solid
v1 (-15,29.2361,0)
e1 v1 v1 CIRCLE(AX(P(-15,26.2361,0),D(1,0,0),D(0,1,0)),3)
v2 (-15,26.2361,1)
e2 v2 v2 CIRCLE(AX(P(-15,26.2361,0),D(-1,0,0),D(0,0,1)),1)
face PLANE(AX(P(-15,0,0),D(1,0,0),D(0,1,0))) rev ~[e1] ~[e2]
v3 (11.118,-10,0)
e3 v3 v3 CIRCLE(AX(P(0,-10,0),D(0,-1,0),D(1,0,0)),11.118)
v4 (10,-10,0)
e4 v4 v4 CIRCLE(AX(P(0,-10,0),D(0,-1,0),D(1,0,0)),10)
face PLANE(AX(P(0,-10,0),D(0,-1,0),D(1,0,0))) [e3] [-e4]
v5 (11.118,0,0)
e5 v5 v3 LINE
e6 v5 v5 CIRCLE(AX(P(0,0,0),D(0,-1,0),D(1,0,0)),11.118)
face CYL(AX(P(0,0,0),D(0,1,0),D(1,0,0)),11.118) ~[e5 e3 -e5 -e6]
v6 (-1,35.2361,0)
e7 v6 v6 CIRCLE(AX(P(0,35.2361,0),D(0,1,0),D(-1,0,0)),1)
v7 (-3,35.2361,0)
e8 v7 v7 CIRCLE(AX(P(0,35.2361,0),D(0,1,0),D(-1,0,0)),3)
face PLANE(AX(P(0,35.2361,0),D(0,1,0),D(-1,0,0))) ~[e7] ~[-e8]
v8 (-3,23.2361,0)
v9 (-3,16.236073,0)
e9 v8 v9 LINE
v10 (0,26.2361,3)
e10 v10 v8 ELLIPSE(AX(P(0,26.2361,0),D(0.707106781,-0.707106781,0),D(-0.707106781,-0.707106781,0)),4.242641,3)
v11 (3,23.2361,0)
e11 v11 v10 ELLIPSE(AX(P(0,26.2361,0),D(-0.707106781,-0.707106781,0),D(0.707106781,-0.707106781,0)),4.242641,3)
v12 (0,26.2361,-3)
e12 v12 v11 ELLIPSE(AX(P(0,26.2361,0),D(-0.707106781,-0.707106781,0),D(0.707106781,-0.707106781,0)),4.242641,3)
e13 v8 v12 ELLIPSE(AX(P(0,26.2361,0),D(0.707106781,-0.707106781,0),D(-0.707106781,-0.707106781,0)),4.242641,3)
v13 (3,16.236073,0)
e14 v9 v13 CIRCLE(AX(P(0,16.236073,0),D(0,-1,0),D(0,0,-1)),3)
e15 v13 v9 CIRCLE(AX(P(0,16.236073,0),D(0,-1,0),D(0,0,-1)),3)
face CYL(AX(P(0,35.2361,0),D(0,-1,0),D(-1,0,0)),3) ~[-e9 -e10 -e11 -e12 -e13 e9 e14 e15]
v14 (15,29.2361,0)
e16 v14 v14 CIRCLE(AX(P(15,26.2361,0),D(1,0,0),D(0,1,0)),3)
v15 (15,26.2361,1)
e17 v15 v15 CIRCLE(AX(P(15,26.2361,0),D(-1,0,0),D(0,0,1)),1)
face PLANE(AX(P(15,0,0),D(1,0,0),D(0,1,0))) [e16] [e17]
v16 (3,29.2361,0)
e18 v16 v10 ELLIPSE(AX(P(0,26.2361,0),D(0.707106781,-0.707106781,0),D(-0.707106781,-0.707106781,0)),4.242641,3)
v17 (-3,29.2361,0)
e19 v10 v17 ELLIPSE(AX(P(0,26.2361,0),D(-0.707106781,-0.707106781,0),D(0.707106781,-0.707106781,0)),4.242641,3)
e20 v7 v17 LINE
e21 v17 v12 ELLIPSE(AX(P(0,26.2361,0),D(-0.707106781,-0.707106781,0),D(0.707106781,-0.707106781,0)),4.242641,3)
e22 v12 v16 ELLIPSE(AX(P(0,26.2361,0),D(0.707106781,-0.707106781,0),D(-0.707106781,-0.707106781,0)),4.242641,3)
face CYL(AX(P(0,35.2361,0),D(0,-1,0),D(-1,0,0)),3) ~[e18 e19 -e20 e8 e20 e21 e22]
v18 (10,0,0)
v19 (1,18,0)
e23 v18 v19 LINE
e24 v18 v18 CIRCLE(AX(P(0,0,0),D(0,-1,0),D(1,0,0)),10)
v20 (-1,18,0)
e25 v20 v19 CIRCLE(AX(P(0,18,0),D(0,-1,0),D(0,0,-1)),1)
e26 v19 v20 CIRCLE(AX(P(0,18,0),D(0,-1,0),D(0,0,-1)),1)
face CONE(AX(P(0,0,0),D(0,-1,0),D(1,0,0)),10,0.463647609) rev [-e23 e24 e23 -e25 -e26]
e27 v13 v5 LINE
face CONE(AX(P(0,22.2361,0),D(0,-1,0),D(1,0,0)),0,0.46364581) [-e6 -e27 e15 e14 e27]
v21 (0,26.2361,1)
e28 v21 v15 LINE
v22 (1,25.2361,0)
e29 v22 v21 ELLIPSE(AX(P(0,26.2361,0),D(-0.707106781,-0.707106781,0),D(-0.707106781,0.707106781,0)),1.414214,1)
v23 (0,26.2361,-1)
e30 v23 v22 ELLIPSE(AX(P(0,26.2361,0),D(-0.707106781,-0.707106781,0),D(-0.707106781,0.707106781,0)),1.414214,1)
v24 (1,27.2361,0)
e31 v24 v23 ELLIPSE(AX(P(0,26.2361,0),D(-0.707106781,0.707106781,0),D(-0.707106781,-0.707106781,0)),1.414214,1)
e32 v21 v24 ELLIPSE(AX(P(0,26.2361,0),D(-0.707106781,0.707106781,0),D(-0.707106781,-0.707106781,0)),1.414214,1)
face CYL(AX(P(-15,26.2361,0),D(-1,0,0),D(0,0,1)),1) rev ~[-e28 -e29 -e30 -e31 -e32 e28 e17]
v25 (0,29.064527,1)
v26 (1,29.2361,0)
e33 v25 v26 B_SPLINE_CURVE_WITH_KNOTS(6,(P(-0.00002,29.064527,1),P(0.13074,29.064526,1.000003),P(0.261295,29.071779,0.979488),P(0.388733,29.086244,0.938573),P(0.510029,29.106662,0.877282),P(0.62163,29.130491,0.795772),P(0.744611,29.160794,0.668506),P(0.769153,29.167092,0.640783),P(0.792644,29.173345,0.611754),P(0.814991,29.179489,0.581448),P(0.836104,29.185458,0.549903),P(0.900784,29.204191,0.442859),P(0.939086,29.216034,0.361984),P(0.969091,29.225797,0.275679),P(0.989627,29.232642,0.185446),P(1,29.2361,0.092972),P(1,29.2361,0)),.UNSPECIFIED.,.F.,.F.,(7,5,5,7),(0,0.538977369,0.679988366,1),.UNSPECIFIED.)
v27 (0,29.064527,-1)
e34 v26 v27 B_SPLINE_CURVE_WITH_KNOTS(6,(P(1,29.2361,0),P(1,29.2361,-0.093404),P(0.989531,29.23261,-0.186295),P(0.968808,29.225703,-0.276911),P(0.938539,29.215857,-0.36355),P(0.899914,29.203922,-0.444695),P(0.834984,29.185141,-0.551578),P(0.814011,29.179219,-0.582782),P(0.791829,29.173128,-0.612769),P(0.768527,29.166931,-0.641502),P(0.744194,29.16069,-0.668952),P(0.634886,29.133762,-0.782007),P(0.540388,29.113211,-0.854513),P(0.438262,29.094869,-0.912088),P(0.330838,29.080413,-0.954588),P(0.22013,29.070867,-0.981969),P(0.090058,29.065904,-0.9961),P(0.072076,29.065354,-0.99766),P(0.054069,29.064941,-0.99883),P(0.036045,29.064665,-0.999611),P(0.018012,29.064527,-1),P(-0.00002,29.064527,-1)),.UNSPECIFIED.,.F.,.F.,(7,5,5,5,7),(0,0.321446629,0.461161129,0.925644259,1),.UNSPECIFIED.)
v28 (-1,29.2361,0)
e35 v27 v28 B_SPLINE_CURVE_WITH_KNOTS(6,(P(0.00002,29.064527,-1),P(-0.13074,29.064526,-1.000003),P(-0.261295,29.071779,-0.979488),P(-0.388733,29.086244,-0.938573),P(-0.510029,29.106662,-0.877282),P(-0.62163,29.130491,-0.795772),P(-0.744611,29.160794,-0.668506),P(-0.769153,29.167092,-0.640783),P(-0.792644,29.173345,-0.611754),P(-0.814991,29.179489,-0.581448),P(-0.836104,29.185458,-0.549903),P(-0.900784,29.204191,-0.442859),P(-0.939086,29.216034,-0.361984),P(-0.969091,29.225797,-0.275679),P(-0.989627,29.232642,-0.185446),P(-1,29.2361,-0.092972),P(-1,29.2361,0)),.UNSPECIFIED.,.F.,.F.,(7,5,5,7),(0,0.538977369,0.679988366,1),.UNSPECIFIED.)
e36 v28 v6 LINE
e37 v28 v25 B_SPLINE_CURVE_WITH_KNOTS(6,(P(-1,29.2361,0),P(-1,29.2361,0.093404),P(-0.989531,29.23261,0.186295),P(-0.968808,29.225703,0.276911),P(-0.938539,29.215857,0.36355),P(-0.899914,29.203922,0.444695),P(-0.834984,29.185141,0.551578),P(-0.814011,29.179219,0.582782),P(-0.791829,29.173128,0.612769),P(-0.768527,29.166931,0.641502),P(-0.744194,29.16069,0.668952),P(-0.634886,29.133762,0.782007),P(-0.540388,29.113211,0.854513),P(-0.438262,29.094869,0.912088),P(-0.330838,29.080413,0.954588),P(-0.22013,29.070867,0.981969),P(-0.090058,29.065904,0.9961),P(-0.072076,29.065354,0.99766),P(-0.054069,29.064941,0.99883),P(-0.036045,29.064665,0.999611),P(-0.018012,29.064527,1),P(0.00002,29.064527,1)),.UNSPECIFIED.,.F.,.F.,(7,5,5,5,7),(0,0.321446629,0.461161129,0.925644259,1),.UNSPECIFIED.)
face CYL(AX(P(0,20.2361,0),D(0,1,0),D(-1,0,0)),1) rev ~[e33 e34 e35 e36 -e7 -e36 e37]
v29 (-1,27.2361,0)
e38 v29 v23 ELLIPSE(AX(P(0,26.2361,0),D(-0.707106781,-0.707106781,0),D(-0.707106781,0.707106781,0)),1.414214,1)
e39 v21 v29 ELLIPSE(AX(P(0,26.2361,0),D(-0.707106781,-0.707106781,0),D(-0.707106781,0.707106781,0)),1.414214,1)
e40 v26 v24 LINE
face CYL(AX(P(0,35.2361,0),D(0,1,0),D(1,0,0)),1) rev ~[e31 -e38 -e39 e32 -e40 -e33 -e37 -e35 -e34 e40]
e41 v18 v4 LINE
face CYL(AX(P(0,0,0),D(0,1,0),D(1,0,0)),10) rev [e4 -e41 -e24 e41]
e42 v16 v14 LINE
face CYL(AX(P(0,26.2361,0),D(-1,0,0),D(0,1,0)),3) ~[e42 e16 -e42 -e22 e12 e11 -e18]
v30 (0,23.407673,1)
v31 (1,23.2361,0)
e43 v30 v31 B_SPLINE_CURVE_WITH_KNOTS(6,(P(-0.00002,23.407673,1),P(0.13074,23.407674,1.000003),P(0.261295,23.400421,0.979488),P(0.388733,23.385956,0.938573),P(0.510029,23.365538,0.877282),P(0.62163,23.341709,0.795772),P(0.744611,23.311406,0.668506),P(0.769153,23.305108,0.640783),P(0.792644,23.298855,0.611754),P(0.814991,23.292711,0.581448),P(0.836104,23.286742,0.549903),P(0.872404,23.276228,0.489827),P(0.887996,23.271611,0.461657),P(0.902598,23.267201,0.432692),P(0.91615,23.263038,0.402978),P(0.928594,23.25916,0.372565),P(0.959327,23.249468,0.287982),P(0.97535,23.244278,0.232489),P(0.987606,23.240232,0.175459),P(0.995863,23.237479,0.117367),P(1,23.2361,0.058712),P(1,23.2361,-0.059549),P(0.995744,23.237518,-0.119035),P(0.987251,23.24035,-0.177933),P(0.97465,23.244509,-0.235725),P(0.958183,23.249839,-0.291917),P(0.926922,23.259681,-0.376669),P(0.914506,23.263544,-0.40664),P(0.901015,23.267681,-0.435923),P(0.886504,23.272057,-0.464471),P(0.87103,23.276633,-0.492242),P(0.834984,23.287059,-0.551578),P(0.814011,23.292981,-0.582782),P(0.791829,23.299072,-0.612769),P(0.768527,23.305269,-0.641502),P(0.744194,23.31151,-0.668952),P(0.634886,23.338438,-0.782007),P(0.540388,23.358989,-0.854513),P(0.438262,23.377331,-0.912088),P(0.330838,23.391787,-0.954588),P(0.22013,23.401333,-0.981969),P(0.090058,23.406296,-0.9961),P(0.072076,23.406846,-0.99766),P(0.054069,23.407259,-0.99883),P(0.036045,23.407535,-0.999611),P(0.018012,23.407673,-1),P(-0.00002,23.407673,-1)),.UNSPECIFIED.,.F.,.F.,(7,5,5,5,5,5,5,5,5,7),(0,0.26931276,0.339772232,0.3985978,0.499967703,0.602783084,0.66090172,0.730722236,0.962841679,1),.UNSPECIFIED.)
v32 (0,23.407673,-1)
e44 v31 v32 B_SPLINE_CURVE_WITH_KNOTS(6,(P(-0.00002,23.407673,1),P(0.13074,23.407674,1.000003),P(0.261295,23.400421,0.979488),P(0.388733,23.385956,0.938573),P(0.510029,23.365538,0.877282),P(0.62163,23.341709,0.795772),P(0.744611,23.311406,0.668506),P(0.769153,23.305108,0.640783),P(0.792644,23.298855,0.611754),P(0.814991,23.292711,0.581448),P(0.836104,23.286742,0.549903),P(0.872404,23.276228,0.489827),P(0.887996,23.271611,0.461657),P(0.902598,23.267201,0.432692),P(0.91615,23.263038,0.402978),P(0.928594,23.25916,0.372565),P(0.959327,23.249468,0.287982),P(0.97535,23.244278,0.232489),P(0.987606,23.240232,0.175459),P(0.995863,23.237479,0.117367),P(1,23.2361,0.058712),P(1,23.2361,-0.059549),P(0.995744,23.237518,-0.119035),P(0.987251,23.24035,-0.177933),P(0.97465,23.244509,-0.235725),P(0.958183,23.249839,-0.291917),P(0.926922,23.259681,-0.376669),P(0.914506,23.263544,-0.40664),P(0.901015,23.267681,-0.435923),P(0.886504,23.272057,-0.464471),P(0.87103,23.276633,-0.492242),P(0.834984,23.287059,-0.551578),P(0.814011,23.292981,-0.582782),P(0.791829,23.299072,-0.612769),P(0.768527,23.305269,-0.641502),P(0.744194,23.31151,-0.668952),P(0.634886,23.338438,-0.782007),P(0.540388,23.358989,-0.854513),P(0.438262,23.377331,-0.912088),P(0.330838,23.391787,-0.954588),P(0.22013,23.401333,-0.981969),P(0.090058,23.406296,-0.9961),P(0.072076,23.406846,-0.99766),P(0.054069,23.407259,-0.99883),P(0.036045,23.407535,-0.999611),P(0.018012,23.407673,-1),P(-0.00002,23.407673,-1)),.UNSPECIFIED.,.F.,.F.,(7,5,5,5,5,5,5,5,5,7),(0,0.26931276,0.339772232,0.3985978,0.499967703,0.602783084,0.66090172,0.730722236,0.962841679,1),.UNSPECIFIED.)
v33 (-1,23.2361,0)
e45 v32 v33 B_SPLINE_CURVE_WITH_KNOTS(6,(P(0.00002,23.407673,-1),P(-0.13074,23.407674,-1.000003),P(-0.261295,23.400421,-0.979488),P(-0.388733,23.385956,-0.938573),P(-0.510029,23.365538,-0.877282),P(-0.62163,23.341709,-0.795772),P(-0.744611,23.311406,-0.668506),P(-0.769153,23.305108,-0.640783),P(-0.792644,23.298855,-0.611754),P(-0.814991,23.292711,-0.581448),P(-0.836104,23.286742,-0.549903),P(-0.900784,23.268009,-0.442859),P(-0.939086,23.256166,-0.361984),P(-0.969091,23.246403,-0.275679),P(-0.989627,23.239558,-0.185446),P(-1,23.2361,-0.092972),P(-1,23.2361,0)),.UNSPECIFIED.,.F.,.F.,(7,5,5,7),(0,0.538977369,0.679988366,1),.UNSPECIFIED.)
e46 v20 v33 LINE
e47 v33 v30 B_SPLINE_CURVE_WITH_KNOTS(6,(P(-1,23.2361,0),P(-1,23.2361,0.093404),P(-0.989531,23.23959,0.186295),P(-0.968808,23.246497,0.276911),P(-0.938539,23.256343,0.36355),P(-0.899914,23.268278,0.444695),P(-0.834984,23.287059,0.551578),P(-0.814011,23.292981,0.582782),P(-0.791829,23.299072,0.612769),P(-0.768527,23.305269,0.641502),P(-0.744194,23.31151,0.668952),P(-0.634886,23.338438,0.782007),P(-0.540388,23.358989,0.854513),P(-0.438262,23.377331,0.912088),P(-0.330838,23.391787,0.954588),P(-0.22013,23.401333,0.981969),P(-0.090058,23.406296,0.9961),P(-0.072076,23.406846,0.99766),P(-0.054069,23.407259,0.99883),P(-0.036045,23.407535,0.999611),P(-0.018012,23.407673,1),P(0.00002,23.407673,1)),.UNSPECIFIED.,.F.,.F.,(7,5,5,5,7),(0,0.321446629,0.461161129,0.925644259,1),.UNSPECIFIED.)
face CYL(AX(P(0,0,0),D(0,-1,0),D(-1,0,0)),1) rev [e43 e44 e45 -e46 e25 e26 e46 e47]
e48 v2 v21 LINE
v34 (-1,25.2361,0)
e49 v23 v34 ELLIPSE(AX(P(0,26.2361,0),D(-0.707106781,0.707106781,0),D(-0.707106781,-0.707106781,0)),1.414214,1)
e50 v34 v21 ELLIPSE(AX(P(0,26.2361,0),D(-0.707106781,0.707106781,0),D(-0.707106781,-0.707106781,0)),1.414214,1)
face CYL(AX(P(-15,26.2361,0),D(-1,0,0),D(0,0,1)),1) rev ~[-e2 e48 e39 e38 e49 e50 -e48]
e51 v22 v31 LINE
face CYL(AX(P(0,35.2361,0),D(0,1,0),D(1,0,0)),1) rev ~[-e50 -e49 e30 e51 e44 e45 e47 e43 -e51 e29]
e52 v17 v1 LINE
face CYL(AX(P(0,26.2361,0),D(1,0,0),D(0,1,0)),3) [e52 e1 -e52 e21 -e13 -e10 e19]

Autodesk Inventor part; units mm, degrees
ref_plane "YZ Plane" through (0, 0, 0) normal (1, 0, 0) x (0, 1, 0)
ref_plane "XZ Plane" through (0, 0, 0) normal (0, 1, 0) x (-1, 0, 0)
ref_plane "XY Plane" through (0, 0, 0) normal (0, 0, 1) x (1, 0, 0)
sketch "Sketch2" plane through (0, 0, 0) normal (0, 0, 1) x (1, 0, 0)
  line L0 (0, 0) -> (10, 0)
  line L1 (10, 0) -> (0, 20)
  line L2 (0, 20) -> (0, 0)
  line L3 (0, 20) -> (0, 22.2361)
  line L4 (0, 22.2361) -> (11.118, 0)
  line L5 (10, 0) -> (11.118, 0)
  dimension "d4" = 20
  dimension "d8" = 1
  dimension "d9" = 10
revolve "Revolution1" add sketch "Sketch2" angle 360 about axis through (0, 20, 0) along (0, -1, 0) contours L1 L3 L4 L5
sketch "Sketch5" plane through (0, 0, 0) normal (0, -1, 0) x (1, 0, 0)
  circle A0 centre (0, 0) radius 10
  circle A1 centre (0, 0) radius 11.118
  circle A2 centre (0, 0) radius 11.118 projected
  dimension "d11" = 20
extrude "Extrusion2" add sketch "Sketch5" along normal blind 10
sketch "Sketch7" plane through (0, 0, 0) normal (0, 1, 0) x (-1, 0, 0)
  circle A0 centre (0, 0) radius 1
  dimension "d14" = 2
extrude "Extrusion3" cut sketch "Sketch7" along normal up to surface
sketch "Sketch8" plane through (0, 0, 0) normal (0, 0, 1) x (1, 0, 0)
  line L0 (-1, 20.2361) -> (1, 20.2361) projected
  line L1 (-1, 20.2361) -> (-1, 35.2361)
  line L2 (-1, 35.2361) -> (-3, 35.2361)
  line L3 (-3, 35.2361) -> (-3, 15.9471)
  line L4 (-3, 15.9471) -> (-1, 20.2361)
  line L5 (0, 20.2361) -> (0, 25.2361)
  point P0 (0, 0)
  dimension "d17" = 115
  dimension "d18" = 2
  dimension "d20" = 15
revolve "Revolution2" add sketch "Sketch8" angle 360 about axis through (0, 20.2361, 0) along (0, 1, 0)
sketch "Sketch9" plane through (0, 0, 0) normal (1, 0, 0) x (0, 1, 0)
  circle A0 centre (26.2361, 0) radius 3
  line L0 (16.2361, 3) -> (16.2361, -3) projected
  point P0 (0, 0)
  dimension "d22" = 6
  dimension "d23" = 10
extrude "Extrusion4" add sketch "Sketch9" along normal mid plane 30
sketch "Sketch10" plane through (-15, 26.2361, 0) normal (-1, 0, 0) x (0, 0, 1)
  circle A0 centre (0, 0) radius 1
  circle A1 centre (0, 0) radius 3 projected
  point P0 (0, -26.2361)
  dimension "d26" = 2
extrude "Extrusion5" cut sketch "Sketch10" against normal up to surface (30 mm away) contours A0
thread "Thread1" size "M6x1" class "6g" standard "ANSI Metric M Profile" length 7.15
thread "Thread2" size "M6x1" class "6g" standard "ANSI Metric M Profile" length 9
thread "Thread3" size "M6x1" class "6g" standard "ANSI Metric M Profile" length 9
sketch "Sketch11" plane through (0, 35.2361, 0) normal (0, 1, 0) x (1, 0, 0)
  circle A0 centre (0, 0) radius 1
extrude "Extrusion6" cut sketch "Sketch11" against normal blind 20
properties part number "Chemmix"
